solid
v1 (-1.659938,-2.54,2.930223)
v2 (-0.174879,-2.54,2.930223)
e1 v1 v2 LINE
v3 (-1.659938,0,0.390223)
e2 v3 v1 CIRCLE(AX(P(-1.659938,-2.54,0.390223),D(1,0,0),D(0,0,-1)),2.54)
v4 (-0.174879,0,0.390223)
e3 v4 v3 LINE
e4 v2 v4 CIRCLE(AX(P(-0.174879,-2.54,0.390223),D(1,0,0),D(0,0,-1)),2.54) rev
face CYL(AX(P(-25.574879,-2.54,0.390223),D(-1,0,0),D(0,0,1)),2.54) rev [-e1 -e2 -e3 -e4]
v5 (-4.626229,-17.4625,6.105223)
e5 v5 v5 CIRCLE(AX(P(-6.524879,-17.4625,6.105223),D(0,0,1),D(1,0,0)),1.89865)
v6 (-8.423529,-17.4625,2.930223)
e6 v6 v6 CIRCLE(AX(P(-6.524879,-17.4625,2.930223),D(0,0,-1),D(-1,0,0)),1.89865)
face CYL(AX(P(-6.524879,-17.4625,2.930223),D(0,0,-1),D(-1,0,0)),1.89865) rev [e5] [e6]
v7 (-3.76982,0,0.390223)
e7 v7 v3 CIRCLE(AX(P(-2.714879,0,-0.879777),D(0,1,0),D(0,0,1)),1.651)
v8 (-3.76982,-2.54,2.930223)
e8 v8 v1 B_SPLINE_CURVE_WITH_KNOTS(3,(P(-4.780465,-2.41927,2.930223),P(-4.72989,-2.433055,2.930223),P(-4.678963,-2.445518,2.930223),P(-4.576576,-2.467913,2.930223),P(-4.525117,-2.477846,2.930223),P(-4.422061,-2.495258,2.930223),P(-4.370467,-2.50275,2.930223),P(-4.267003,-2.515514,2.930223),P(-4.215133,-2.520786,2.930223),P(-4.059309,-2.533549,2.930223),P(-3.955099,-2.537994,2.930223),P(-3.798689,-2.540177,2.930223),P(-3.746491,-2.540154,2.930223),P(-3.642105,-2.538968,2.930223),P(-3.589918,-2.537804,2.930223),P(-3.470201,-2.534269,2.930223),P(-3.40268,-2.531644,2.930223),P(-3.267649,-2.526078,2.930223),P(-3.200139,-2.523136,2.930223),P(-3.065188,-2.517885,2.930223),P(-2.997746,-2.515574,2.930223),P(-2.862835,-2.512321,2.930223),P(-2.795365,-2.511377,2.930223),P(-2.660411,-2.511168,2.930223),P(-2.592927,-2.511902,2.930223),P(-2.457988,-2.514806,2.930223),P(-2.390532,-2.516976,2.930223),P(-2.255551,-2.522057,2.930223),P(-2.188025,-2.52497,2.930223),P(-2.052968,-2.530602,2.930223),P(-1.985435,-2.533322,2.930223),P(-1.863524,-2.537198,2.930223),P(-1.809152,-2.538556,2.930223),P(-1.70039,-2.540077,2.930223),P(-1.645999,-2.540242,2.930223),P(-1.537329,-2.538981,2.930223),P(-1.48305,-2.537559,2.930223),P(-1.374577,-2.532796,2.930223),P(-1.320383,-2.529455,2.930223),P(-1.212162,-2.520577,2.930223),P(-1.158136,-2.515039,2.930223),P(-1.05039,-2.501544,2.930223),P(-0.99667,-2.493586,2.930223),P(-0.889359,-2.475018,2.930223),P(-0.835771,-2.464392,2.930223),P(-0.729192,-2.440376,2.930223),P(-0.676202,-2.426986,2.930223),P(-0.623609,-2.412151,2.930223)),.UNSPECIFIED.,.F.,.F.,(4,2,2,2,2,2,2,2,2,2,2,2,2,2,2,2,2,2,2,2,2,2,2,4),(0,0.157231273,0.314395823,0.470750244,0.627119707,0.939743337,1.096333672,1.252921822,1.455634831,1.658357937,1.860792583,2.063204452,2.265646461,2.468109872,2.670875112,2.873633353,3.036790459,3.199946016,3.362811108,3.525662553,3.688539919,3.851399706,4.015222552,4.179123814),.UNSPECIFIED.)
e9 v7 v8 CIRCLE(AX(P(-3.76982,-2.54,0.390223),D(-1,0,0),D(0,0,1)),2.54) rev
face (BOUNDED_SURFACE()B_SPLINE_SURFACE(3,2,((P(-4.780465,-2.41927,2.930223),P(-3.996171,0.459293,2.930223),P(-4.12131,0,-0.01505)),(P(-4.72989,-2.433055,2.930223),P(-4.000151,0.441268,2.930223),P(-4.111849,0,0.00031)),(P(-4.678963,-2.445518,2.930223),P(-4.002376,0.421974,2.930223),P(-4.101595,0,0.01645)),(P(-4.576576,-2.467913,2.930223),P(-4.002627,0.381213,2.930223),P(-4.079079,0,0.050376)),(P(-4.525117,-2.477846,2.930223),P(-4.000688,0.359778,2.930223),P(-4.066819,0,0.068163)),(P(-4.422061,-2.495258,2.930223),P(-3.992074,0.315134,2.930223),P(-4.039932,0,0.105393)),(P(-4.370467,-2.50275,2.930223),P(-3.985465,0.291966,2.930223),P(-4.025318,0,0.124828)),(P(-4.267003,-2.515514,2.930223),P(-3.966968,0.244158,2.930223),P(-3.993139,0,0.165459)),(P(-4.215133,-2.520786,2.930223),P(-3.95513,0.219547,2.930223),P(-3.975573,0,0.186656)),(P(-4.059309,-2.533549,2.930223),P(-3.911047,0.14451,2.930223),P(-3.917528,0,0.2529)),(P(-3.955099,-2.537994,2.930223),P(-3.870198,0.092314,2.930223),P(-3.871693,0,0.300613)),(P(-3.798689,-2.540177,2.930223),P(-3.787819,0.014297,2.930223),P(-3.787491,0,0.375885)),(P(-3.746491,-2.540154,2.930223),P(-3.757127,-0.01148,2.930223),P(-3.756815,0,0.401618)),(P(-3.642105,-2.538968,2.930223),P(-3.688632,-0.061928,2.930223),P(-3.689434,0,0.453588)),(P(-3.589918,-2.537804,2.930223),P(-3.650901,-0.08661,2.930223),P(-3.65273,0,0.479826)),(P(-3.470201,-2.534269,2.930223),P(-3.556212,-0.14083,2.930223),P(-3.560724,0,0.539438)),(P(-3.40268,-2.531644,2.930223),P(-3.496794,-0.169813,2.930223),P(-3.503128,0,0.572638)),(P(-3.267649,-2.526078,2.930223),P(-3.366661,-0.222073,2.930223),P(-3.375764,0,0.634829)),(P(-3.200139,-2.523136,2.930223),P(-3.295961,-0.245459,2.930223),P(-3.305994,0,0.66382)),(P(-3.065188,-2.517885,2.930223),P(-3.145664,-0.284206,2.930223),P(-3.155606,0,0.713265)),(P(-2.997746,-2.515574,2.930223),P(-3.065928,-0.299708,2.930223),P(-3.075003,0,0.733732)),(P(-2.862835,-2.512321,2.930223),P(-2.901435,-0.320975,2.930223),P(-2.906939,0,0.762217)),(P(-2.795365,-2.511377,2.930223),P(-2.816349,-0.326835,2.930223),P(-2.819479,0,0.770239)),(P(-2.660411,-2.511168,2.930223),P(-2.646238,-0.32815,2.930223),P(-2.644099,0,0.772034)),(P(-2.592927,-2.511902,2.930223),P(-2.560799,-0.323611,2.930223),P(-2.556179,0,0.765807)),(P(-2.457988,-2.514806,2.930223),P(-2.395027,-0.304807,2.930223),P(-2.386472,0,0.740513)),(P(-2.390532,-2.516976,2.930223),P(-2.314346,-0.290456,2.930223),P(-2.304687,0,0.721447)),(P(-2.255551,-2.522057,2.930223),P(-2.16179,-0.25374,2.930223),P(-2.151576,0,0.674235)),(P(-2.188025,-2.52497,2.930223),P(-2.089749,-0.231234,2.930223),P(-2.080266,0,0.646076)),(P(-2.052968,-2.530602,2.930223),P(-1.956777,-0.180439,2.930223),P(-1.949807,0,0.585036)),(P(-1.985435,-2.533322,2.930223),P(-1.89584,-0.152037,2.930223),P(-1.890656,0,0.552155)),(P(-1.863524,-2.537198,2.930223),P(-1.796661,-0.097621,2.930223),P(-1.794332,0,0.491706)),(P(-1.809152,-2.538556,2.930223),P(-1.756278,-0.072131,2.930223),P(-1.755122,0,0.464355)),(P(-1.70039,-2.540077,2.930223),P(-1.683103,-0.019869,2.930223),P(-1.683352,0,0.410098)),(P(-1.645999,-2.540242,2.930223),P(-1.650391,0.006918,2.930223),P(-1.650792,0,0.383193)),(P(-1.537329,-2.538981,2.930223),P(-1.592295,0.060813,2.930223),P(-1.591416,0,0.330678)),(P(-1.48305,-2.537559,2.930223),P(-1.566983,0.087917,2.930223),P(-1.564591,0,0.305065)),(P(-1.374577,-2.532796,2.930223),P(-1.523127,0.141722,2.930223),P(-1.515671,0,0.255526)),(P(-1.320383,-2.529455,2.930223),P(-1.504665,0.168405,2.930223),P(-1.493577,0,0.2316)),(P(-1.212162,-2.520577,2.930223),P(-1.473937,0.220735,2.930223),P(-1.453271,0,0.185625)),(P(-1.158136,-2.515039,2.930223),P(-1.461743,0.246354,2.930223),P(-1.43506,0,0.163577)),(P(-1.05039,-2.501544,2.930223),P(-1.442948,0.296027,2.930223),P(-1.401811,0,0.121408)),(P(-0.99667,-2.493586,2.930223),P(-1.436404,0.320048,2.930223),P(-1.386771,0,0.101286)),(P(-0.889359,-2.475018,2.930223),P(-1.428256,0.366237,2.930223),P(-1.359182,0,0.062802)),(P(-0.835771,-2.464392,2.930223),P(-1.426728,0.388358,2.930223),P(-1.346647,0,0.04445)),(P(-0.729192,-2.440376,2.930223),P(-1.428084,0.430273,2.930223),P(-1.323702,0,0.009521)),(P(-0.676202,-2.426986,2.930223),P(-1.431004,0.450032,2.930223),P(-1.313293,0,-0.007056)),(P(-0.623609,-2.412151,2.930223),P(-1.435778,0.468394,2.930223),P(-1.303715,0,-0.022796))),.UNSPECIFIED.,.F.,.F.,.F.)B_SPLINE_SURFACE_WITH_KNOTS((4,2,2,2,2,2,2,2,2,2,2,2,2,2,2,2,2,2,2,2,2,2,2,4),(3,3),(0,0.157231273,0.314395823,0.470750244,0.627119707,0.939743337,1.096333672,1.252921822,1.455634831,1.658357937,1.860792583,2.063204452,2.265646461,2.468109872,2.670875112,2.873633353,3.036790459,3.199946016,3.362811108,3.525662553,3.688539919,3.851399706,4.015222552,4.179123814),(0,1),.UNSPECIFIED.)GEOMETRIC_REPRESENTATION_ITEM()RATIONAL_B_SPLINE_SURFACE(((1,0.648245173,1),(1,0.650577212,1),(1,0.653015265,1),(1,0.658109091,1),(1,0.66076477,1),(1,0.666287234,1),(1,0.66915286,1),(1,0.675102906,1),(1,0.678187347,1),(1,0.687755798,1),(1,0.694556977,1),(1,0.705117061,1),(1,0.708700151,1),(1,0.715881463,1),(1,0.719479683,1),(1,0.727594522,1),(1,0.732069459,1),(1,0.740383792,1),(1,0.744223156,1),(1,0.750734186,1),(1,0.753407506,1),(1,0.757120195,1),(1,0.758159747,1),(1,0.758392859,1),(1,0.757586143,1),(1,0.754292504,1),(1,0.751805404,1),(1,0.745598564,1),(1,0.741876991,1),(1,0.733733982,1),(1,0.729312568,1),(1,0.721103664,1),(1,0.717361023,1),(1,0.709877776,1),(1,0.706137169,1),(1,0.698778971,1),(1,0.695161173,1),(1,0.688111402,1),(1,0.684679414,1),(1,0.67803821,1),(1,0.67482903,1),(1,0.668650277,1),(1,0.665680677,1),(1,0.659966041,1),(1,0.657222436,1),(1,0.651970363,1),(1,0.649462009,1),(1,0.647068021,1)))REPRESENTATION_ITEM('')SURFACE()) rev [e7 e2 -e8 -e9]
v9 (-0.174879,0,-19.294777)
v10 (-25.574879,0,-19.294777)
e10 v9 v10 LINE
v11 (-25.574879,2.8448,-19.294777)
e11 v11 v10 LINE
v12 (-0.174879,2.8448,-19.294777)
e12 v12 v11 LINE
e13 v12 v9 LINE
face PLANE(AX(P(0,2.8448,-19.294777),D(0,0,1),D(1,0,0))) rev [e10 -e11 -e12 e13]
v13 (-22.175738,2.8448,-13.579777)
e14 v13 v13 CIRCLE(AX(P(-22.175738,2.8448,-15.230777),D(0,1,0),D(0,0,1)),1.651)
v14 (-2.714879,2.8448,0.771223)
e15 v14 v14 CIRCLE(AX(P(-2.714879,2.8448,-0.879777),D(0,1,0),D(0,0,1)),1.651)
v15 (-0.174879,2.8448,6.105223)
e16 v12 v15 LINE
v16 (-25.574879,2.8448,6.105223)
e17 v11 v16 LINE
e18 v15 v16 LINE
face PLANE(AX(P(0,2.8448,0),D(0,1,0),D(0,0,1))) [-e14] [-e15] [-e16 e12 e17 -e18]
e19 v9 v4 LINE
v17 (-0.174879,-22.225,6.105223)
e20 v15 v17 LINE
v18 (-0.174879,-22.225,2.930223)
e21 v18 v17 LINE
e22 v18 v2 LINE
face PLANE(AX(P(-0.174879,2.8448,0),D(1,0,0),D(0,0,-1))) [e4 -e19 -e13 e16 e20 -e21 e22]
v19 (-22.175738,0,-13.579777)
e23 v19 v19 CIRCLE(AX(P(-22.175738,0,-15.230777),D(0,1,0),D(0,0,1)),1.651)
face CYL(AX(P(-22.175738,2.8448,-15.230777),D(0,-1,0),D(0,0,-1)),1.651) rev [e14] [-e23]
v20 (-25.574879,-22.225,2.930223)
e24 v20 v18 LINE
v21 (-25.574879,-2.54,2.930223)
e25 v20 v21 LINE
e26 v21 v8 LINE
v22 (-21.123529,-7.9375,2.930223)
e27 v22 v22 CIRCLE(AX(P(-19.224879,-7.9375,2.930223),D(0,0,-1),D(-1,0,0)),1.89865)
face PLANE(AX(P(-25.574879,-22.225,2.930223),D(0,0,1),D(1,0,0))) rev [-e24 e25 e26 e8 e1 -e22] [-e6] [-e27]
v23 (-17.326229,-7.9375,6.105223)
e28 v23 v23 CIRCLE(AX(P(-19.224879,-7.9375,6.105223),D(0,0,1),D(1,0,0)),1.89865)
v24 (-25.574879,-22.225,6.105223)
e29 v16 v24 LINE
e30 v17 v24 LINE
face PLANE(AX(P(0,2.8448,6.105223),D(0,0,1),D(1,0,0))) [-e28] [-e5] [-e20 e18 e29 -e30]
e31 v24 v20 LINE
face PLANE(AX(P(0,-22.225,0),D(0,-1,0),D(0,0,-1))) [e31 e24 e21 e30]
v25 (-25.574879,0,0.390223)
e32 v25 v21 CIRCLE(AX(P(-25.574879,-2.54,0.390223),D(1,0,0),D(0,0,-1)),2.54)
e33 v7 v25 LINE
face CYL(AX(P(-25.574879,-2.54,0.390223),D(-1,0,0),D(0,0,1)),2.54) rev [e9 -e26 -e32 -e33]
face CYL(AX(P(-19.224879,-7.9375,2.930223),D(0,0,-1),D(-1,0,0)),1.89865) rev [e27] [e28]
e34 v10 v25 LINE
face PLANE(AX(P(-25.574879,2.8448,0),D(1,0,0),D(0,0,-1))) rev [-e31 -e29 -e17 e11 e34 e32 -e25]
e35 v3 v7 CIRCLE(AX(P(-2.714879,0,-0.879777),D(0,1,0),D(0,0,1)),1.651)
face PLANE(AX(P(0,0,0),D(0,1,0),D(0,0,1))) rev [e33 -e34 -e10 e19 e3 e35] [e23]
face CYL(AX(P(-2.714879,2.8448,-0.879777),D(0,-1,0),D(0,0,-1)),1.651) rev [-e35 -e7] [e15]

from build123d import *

# Parameters (mm, degrees)
SKETCH2_W                 = 25.4
SKETCH2_H                 = 25.4
SKETCH2_R                 = 1.651
BOSS_EXTRUDE1_DEPTH       = 2.8448
SKETCH3_W                 = 25.4
SKETCH3_H                 = 3.175
BOSS_EXTRUDE2_DEPTH       = 22.225
FILLET1_R                 = 2.54
F_6_CLEARANCE_HOLE1_D     = 3.7973
F_6_CLEARANCE_HOLE1_DEPTH = 12.7
F_6_CLEARANCE_HOLE1_TIP   = 1.140824014


with BuildPart() as part:
    # Sketch2 → Boss-Extrude1 (new body)
    with BuildSketch(Plane(origin=(0, 0, 0), x_dir=(1, 0, 0), z_dir=(0, 1, 0))):
        with Locations((-12.874879011, 6.594776819)):
            Rectangle(SKETCH2_W, SKETCH2_H)
        with Locations((-22.175738421, 15.230776819)):
            Circle(SKETCH2_R, mode=Mode.SUBTRACT)
        with Locations((-2.714879011, 0.879776819)):
            Circle(SKETCH2_R, mode=Mode.SUBTRACT)
    extrude(amount=BOSS_EXTRUDE1_DEPTH)

    # Sketch3 → Boss-Extrude2 (add)
    with BuildSketch(Plane(origin=(0, 0, 0), x_dir=(-1, 0, 0), z_dir=(0, -1, 0))):
        with Locations((12.874879011, -4.517723181)):
            Rectangle(SKETCH3_W, SKETCH3_H)
    extrude(amount=BOSS_EXTRUDE2_DEPTH)

    # Fillet1
    fillet1_edges = [part.edges().sort_by_distance(p)[0] for p in [
        (-12.874879011, 0, 2.930223181),
    ]]
    fillet(fillet1_edges, radius=FILLET1_R)

    # #6 Clearance Hole1
    with Locations(Plane(origin=(-6.524879011, -17.4625, 2.930223181), x_dir=(-1, 0, 0), z_dir=(0, 0, -1))):
        with Locations((0, 0), (12.7, 9.525)):
            Hole(F_6_CLEARANCE_HOLE1_D / 2, depth=F_6_CLEARANCE_HOLE1_DEPTH)
            with Locations((0, 0, -(F_6_CLEARANCE_HOLE1_DEPTH + F_6_CLEARANCE_HOLE1_TIP / 2))):  # 118° drill point
                Cone(0, F_6_CLEARANCE_HOLE1_D / 2, F_6_CLEARANCE_HOLE1_TIP, mode=Mode.SUBTRACT)


solid = part.part
